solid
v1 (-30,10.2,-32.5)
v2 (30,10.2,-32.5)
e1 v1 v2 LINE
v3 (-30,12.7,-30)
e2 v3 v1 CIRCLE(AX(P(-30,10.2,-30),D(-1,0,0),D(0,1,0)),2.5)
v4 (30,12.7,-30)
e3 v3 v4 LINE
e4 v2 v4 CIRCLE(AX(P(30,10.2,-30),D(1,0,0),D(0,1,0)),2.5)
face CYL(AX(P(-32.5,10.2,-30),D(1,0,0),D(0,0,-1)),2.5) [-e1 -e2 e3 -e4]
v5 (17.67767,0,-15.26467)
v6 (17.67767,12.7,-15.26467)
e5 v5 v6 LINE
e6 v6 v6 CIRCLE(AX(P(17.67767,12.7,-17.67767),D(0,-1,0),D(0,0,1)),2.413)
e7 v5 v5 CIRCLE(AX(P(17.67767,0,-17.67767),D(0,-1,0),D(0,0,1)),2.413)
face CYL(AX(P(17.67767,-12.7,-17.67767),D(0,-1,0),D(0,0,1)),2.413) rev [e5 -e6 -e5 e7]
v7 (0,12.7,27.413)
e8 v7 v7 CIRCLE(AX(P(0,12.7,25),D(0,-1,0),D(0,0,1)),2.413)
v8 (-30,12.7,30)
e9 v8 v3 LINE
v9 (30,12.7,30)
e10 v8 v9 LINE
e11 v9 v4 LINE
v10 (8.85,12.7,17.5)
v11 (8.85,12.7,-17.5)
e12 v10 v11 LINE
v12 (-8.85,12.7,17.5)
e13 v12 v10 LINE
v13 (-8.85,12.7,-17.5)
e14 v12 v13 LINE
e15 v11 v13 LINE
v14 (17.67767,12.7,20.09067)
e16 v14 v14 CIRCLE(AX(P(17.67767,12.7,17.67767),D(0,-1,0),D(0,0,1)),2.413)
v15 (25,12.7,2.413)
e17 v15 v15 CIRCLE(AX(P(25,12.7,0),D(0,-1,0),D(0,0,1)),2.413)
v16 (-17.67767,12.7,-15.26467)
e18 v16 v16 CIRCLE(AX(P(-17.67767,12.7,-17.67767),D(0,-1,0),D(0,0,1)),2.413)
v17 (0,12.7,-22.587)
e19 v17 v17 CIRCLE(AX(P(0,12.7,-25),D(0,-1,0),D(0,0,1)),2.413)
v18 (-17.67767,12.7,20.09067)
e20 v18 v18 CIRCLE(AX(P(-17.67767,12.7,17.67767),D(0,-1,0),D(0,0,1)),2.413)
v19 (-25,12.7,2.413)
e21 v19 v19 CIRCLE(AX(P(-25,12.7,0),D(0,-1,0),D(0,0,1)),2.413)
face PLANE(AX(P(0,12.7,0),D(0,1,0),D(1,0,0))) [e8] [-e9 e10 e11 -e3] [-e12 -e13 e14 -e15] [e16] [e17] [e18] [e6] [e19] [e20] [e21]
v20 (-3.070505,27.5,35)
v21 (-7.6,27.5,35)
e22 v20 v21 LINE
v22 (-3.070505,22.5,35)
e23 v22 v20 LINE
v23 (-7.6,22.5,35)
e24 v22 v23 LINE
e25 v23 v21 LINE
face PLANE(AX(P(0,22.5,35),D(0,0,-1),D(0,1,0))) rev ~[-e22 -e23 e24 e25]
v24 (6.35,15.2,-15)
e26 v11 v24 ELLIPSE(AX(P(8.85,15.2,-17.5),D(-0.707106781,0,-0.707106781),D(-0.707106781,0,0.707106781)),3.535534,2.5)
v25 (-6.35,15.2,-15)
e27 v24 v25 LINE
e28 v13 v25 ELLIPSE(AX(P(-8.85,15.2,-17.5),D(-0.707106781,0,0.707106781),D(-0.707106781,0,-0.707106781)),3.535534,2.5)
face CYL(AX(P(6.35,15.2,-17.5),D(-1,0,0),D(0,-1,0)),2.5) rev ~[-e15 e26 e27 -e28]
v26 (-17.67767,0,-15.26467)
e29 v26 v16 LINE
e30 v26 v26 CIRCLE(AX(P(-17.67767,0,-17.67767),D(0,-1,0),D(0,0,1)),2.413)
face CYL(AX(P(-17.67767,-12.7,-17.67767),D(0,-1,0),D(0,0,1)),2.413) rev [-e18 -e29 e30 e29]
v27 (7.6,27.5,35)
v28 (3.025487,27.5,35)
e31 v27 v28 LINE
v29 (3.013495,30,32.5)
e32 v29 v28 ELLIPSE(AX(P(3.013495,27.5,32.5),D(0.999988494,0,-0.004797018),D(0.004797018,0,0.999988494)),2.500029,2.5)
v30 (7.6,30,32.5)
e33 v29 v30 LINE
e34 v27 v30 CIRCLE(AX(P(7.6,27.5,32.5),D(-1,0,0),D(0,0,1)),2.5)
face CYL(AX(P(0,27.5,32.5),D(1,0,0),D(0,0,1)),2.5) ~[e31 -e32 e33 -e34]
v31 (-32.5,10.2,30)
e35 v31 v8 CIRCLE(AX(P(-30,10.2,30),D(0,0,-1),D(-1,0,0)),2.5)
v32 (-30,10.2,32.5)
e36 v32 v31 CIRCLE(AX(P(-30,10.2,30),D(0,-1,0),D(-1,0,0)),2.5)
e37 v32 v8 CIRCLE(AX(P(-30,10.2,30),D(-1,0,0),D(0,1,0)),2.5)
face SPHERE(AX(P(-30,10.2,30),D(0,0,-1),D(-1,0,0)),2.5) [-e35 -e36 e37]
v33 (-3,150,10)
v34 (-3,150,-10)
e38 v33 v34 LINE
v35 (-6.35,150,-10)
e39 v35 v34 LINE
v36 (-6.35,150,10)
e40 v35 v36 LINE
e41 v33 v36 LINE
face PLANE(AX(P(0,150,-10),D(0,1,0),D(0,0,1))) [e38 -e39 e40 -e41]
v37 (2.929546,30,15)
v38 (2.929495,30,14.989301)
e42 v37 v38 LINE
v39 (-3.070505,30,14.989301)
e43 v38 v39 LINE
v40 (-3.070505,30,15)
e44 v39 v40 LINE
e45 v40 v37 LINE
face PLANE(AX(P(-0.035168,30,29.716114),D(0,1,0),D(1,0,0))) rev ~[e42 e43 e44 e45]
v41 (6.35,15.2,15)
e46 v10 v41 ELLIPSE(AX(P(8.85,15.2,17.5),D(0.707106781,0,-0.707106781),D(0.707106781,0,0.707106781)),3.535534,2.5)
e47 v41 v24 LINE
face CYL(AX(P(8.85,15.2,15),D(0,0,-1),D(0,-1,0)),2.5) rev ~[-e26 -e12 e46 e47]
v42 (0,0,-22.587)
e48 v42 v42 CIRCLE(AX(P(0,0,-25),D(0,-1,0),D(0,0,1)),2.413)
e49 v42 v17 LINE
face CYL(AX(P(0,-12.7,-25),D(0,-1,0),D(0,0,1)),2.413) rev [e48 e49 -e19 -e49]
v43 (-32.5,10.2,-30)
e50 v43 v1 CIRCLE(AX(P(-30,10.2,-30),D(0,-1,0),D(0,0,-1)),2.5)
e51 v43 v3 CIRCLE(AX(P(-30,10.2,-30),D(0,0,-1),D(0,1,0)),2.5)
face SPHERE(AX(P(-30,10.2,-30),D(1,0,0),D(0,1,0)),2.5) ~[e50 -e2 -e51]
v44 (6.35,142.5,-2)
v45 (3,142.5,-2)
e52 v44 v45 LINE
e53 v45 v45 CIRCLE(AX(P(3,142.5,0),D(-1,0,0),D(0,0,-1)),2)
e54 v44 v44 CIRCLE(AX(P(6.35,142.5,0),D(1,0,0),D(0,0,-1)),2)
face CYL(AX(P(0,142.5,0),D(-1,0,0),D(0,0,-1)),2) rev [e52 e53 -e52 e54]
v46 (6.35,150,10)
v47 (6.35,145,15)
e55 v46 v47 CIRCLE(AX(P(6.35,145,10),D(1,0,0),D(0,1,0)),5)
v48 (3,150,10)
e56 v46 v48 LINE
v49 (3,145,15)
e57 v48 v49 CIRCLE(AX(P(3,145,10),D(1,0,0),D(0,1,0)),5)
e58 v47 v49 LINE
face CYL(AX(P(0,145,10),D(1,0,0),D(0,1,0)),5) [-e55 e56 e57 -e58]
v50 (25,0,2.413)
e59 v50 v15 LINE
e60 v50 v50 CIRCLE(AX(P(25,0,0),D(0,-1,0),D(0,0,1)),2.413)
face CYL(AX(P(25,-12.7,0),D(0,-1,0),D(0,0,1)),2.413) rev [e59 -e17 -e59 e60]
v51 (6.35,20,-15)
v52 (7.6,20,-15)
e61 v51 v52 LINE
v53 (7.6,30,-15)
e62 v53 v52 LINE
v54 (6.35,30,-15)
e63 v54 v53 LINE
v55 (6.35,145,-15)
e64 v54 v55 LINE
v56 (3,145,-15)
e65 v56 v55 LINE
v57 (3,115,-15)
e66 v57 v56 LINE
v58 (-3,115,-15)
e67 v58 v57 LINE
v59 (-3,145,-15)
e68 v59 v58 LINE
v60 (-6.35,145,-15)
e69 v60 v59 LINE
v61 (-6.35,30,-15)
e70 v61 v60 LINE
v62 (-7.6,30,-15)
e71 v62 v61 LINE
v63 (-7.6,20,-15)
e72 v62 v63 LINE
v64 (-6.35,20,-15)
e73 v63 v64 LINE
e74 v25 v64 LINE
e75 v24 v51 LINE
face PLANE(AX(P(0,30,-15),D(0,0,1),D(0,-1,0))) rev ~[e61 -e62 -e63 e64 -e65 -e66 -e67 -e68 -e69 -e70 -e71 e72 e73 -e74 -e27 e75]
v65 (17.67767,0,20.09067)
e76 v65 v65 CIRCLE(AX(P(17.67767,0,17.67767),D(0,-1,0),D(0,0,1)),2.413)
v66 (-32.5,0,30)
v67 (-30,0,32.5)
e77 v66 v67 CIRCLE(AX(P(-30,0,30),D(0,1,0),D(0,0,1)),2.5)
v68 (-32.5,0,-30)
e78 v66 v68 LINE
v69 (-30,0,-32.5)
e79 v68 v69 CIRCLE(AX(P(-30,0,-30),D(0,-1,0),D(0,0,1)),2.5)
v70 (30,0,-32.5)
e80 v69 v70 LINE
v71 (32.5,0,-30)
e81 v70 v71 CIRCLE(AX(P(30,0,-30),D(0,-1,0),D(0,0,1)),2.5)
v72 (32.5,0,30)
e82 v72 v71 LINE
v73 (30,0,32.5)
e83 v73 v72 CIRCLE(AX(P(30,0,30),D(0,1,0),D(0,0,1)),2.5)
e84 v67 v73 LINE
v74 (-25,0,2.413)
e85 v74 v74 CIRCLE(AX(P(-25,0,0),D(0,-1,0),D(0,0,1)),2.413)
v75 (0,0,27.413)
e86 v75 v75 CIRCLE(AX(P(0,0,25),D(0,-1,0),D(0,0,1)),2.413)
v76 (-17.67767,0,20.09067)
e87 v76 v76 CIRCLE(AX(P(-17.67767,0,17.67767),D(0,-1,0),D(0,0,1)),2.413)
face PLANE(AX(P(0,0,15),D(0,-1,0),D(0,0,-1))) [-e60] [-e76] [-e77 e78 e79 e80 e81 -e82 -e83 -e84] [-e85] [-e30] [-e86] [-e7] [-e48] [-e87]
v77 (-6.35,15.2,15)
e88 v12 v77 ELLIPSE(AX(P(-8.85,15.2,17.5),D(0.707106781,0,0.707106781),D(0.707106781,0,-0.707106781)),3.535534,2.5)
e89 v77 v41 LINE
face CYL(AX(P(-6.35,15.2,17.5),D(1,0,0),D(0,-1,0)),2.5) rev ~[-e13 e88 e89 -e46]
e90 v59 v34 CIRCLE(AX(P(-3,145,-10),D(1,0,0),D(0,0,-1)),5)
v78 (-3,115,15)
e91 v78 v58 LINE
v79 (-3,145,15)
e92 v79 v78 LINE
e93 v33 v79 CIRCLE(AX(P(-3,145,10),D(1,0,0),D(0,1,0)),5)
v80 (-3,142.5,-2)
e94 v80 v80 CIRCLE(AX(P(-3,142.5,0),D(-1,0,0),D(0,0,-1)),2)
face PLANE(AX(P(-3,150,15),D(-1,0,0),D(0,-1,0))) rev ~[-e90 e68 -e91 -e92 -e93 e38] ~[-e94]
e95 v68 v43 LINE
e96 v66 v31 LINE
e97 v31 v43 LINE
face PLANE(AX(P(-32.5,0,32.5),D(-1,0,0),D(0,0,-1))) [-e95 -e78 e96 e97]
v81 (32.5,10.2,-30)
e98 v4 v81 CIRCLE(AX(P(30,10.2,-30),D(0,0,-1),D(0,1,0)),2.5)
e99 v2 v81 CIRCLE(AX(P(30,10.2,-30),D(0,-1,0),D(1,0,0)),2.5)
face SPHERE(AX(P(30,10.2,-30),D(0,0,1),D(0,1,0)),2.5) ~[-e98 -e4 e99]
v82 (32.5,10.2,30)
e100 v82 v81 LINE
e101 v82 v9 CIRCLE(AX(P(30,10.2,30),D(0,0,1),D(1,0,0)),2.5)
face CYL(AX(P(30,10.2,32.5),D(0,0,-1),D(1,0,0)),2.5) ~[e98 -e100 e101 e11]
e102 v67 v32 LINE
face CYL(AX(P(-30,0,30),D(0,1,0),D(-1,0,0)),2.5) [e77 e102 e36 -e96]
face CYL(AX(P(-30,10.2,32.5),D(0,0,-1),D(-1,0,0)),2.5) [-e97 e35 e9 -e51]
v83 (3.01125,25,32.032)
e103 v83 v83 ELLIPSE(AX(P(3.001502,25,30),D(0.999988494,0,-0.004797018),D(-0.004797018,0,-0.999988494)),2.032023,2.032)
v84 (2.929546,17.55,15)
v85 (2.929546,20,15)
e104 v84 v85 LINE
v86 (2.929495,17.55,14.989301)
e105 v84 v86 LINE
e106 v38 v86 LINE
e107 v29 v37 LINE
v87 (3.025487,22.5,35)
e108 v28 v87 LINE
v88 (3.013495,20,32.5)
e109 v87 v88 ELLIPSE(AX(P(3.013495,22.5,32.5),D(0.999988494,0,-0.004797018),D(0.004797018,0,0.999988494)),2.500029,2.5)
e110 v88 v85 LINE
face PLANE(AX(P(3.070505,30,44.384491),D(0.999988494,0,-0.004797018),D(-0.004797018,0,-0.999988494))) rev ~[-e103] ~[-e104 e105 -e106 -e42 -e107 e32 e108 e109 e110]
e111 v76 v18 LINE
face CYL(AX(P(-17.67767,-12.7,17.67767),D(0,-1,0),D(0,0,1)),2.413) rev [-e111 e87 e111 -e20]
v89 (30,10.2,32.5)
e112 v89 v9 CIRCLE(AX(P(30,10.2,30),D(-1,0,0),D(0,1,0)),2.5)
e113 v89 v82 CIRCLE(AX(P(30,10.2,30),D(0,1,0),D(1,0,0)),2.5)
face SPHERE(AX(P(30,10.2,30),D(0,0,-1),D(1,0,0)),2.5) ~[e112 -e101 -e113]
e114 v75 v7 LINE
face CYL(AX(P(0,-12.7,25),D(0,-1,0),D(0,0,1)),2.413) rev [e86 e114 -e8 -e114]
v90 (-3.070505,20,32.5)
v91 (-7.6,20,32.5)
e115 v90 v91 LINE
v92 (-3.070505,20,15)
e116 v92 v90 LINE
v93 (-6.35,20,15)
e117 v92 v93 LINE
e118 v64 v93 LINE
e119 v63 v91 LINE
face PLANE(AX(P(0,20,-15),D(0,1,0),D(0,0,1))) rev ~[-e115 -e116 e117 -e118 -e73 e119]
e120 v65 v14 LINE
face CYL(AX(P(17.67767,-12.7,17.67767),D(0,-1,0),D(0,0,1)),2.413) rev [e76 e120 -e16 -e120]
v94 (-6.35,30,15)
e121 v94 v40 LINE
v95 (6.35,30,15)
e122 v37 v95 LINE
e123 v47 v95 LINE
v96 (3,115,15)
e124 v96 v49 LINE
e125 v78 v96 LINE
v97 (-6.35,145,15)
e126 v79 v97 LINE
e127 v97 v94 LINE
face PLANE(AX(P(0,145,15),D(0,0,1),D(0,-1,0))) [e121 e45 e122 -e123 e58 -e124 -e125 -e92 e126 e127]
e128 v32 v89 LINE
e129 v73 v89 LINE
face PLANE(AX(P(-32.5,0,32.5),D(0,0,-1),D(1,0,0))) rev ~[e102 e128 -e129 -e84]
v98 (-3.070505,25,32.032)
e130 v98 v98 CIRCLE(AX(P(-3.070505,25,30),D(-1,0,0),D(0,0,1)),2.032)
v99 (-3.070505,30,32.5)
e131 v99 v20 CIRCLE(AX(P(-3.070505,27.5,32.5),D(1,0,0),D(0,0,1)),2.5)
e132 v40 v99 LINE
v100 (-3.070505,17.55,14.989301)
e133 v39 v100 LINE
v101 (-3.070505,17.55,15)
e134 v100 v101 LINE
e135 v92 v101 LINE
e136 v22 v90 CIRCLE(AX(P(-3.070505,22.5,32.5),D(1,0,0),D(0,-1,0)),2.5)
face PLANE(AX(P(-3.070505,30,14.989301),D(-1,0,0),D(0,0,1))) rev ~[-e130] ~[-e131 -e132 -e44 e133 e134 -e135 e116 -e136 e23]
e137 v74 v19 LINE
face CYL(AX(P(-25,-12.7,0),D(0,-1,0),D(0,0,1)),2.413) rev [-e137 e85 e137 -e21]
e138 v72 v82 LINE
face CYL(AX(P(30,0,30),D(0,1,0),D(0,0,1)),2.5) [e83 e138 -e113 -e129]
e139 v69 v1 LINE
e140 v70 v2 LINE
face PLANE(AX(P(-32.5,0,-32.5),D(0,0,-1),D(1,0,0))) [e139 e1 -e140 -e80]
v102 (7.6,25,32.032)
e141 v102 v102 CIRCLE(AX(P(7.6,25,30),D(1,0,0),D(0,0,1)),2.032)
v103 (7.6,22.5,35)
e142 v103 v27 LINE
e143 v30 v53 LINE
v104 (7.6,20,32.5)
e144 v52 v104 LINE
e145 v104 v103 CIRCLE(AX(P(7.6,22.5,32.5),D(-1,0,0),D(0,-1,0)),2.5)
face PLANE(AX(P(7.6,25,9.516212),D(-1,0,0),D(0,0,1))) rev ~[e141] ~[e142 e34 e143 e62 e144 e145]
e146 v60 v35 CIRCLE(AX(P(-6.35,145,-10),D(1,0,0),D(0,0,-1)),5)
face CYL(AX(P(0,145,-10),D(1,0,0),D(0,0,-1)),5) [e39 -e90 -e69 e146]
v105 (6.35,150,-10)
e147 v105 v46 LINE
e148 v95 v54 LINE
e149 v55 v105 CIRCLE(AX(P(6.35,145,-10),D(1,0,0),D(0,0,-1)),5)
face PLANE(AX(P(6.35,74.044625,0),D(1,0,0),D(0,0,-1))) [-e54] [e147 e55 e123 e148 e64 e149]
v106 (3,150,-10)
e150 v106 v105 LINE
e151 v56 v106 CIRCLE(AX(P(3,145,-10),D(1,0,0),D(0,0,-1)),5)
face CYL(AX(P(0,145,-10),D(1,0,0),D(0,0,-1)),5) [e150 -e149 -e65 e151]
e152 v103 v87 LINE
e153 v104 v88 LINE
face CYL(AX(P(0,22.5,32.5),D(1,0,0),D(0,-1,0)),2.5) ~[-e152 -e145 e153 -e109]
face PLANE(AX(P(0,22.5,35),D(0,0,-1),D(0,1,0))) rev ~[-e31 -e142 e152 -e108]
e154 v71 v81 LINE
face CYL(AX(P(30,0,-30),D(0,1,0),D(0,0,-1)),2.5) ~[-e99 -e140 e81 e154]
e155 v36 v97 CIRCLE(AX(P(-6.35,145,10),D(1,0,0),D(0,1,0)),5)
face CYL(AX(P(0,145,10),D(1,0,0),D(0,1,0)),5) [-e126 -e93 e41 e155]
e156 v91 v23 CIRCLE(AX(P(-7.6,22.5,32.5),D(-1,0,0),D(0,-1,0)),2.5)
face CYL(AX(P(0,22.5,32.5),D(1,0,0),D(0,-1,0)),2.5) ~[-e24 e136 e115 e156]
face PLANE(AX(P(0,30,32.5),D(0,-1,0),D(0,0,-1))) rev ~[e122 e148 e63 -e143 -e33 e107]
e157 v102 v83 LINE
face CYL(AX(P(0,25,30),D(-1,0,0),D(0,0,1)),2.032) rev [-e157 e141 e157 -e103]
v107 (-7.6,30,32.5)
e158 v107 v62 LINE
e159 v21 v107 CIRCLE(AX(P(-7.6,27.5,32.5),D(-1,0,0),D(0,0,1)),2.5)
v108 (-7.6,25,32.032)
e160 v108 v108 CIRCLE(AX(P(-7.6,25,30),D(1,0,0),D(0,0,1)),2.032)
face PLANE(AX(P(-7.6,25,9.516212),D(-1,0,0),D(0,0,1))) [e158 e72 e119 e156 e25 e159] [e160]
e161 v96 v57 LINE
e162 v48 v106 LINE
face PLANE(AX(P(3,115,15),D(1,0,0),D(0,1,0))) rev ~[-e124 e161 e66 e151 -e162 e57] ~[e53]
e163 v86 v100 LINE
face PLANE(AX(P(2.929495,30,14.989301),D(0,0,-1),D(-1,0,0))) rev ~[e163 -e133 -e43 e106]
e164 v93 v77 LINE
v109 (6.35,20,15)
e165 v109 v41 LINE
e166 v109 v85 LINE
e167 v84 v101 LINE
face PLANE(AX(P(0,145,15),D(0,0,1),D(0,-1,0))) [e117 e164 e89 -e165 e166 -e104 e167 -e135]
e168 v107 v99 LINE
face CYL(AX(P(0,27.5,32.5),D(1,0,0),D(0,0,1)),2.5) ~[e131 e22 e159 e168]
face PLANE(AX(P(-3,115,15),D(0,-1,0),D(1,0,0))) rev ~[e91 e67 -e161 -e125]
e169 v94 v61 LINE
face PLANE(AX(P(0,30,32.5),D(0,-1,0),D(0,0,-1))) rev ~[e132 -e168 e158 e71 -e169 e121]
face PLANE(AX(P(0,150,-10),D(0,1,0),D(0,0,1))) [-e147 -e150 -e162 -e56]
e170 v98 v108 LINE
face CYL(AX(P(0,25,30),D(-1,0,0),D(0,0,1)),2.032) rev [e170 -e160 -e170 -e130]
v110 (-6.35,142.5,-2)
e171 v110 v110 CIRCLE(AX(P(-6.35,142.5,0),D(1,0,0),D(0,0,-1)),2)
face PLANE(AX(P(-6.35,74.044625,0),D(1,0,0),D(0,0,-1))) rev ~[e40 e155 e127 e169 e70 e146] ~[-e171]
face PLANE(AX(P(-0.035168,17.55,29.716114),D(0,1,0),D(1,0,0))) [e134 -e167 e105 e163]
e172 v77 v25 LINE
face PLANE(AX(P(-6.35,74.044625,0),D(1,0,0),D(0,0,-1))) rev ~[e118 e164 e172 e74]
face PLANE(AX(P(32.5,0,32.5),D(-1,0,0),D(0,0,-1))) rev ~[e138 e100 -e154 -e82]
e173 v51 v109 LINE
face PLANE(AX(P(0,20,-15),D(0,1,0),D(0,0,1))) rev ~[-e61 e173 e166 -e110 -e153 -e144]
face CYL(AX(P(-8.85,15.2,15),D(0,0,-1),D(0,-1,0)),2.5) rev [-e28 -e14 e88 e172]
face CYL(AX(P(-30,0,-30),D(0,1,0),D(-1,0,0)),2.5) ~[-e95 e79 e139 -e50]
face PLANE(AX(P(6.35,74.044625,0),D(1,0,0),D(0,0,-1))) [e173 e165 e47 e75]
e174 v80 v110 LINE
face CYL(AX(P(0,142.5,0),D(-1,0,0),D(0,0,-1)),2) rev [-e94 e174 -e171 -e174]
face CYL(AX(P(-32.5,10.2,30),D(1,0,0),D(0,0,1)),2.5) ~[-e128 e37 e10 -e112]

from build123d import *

# Parameters (mm, degrees)
SKETCH1_W               = 65
SKETCH1_H               = 65
BOSS_EXTRUDE1_DEPTH     = 12.7
SKETCH2_R               = 2
BOSS_EXTRUDE2_DEPTH     = 6.35
FILLET1_R               = 2.5
CUT_EXTRUDE2_DEPTH      = 157.883714897
CUT_EXTRUDE2_DEPTH_BACK = 12.7
SKETCH3_R               = 2.413
SKETCH4_R               = 2.032
BOSS_EXTRUDE4_DEPTH     = 7.6
CUT_EXTRUDE3_DEPTH      = 12.45
SKETCH6_W               = 6
SKETCH6_H               = 30
SKETCH6_H_2             = 5
CUT_EXTRUDE4_DEPTH      = 161.662690131


with BuildPart() as part:
    # Sketch1 → Boss-Extrude1 (new body)
    with BuildSketch(Plane(origin=(0, 0, 0), x_dir=(1, 0, 0), z_dir=(0, 1, 0))):
        Rectangle(SKETCH1_W, SKETCH1_H)
    extrude(amount=BOSS_EXTRUDE1_DEPTH)

    # Sketch2 → Boss-Extrude2 (add, symmetric)
    with BuildSketch(Plane(origin=(0, 0, 0), x_dir=(0, 0, -1), z_dir=(1, 0, 0))):
        with BuildLine():
            Line((-15, 0), (15, 0))
            Line((15, 0), (15, 145))
            ThreePointArc((15, 145), (13.535533906, 148.535533906), (10, 150))
            Line((10, 150), (-10, 150))
            ThreePointArc((-10, 150), (-13.535533906, 148.535533906), (-15, 145))
            Line((-15, 145), (-15, 0))
        make_face()
        with Locations((0, 142.5)):
            Circle(SKETCH2_R, mode=Mode.SUBTRACT)
    extrude(amount=BOSS_EXTRUDE2_DEPTH, both=True)

    # Fillet1
    fillet1_edges = [part.edges().sort_by_distance(p)[0] for p in [
        (32.5, 12.7, 0),
        (0, 12.7, -32.5),
        (-6.35, 12.7, 0),
        (0, 12.7, 15),
        (0, 12.7, -15),
        (6.35, 12.7, 0),
        (-32.5, 12.7, 0),
        (-32.5, 6.35, -32.5),
        (32.5, 6.35, -32.5),
        (32.5, 6.35, 32.5),
        (-32.5, 6.35, 32.5),
        (0, 12.7, 32.5),
    ]]
    fillet(fillet1_edges, radius=FILLET1_R)

    # Sketch3 → Cut-Extrude2 (cut, two sides: drawn at the far end of the back side and taken through both)
    with BuildSketch(Plane(origin=(0, 0, 0), x_dir=(1, 0, 0), z_dir=(0, 1, 0)).offset(-CUT_EXTRUDE2_DEPTH_BACK)):
        with Locations(Location((17.67766953, -17.67766953, 0), (0, 0, 270))):
            Circle(SKETCH3_R)
        with Locations(Location((25, 0, 0), (0, 0, 270))):
            Circle(SKETCH3_R)
        with Locations(Location((17.67766953, 17.67766953, 0), (0, 0, 270))):
            Circle(SKETCH3_R)
        with Locations(Location((0, 25, 0), (0, 0, 270))):
            Circle(SKETCH3_R)
        with Locations(Location((-17.67766953, 17.67766953, 0), (0, 0, 270))):
            Circle(SKETCH3_R)
        with Locations(Location((-25, 0, 0), (0, 0, 270))):
            Circle(SKETCH3_R)
        with Locations(Location((-17.67766953, -17.67766953, 0), (0, 0, 270))):
            Circle(SKETCH3_R)
        with Locations(Location((0, -25, 0), (0, 0, 270))):
            Circle(SKETCH3_R)
    extrude(amount=CUT_EXTRUDE2_DEPTH + CUT_EXTRUDE2_DEPTH_BACK, mode=Mode.SUBTRACT)

    # Sketch4 → Boss-Extrude4 (add, symmetric)
    with BuildSketch(Plane(origin=(0, 0, 0), x_dir=(0, 0, -1), z_dir=(1, 0, 0))):
        with BuildLine():
            Line((15, 20), (-32.5, 20))
            ThreePointArc((-32.5, 20), (-34.267766953, 20.732233047), (-35, 22.5))
            Line((-35, 22.5), (-35, 27.5))
            ThreePointArc((-35, 27.5), (-34.267766953, 29.267766953), (-32.5, 30))
            Line((-32.5, 30), (15, 30))
            Line((15, 30), (15, 20))
        make_face()
        with Locations(Location((-30, 25, 0), (0, 0, 180))):
            Circle(SKETCH4_R, mode=Mode.SUBTRACT)
    extrude(amount=BOSS_EXTRUDE4_DEPTH, both=True)

    # Sketch5 → Cut-Extrude3 (cut)
    with BuildSketch(Plane(origin=(0, 30, 0), x_dir=(1, 0, 0), z_dir=(0, 1, 0))):
        Polygon((-3.070505438, -14.989300838), (-3.070505438, -44.384490964), (3.070505438, -44.384490964), (2.929494562, -14.989300838), align=None)
    extrude(amount=-CUT_EXTRUDE3_DEPTH, mode=Mode.SUBTRACT)

    # Sketch6 → Cut-Extrude4 (cut, through all)
    with BuildSketch(Plane.XY.offset(15)):
        with Locations((0, 130)):
            Rectangle(SKETCH6_W, SKETCH6_H)
        with Locations((0, 147.5)):
            Rectangle(SKETCH6_W, SKETCH6_H_2)
    extrude(amount=-CUT_EXTRUDE4_DEPTH, mode=Mode.SUBTRACT)


solid = part.part
